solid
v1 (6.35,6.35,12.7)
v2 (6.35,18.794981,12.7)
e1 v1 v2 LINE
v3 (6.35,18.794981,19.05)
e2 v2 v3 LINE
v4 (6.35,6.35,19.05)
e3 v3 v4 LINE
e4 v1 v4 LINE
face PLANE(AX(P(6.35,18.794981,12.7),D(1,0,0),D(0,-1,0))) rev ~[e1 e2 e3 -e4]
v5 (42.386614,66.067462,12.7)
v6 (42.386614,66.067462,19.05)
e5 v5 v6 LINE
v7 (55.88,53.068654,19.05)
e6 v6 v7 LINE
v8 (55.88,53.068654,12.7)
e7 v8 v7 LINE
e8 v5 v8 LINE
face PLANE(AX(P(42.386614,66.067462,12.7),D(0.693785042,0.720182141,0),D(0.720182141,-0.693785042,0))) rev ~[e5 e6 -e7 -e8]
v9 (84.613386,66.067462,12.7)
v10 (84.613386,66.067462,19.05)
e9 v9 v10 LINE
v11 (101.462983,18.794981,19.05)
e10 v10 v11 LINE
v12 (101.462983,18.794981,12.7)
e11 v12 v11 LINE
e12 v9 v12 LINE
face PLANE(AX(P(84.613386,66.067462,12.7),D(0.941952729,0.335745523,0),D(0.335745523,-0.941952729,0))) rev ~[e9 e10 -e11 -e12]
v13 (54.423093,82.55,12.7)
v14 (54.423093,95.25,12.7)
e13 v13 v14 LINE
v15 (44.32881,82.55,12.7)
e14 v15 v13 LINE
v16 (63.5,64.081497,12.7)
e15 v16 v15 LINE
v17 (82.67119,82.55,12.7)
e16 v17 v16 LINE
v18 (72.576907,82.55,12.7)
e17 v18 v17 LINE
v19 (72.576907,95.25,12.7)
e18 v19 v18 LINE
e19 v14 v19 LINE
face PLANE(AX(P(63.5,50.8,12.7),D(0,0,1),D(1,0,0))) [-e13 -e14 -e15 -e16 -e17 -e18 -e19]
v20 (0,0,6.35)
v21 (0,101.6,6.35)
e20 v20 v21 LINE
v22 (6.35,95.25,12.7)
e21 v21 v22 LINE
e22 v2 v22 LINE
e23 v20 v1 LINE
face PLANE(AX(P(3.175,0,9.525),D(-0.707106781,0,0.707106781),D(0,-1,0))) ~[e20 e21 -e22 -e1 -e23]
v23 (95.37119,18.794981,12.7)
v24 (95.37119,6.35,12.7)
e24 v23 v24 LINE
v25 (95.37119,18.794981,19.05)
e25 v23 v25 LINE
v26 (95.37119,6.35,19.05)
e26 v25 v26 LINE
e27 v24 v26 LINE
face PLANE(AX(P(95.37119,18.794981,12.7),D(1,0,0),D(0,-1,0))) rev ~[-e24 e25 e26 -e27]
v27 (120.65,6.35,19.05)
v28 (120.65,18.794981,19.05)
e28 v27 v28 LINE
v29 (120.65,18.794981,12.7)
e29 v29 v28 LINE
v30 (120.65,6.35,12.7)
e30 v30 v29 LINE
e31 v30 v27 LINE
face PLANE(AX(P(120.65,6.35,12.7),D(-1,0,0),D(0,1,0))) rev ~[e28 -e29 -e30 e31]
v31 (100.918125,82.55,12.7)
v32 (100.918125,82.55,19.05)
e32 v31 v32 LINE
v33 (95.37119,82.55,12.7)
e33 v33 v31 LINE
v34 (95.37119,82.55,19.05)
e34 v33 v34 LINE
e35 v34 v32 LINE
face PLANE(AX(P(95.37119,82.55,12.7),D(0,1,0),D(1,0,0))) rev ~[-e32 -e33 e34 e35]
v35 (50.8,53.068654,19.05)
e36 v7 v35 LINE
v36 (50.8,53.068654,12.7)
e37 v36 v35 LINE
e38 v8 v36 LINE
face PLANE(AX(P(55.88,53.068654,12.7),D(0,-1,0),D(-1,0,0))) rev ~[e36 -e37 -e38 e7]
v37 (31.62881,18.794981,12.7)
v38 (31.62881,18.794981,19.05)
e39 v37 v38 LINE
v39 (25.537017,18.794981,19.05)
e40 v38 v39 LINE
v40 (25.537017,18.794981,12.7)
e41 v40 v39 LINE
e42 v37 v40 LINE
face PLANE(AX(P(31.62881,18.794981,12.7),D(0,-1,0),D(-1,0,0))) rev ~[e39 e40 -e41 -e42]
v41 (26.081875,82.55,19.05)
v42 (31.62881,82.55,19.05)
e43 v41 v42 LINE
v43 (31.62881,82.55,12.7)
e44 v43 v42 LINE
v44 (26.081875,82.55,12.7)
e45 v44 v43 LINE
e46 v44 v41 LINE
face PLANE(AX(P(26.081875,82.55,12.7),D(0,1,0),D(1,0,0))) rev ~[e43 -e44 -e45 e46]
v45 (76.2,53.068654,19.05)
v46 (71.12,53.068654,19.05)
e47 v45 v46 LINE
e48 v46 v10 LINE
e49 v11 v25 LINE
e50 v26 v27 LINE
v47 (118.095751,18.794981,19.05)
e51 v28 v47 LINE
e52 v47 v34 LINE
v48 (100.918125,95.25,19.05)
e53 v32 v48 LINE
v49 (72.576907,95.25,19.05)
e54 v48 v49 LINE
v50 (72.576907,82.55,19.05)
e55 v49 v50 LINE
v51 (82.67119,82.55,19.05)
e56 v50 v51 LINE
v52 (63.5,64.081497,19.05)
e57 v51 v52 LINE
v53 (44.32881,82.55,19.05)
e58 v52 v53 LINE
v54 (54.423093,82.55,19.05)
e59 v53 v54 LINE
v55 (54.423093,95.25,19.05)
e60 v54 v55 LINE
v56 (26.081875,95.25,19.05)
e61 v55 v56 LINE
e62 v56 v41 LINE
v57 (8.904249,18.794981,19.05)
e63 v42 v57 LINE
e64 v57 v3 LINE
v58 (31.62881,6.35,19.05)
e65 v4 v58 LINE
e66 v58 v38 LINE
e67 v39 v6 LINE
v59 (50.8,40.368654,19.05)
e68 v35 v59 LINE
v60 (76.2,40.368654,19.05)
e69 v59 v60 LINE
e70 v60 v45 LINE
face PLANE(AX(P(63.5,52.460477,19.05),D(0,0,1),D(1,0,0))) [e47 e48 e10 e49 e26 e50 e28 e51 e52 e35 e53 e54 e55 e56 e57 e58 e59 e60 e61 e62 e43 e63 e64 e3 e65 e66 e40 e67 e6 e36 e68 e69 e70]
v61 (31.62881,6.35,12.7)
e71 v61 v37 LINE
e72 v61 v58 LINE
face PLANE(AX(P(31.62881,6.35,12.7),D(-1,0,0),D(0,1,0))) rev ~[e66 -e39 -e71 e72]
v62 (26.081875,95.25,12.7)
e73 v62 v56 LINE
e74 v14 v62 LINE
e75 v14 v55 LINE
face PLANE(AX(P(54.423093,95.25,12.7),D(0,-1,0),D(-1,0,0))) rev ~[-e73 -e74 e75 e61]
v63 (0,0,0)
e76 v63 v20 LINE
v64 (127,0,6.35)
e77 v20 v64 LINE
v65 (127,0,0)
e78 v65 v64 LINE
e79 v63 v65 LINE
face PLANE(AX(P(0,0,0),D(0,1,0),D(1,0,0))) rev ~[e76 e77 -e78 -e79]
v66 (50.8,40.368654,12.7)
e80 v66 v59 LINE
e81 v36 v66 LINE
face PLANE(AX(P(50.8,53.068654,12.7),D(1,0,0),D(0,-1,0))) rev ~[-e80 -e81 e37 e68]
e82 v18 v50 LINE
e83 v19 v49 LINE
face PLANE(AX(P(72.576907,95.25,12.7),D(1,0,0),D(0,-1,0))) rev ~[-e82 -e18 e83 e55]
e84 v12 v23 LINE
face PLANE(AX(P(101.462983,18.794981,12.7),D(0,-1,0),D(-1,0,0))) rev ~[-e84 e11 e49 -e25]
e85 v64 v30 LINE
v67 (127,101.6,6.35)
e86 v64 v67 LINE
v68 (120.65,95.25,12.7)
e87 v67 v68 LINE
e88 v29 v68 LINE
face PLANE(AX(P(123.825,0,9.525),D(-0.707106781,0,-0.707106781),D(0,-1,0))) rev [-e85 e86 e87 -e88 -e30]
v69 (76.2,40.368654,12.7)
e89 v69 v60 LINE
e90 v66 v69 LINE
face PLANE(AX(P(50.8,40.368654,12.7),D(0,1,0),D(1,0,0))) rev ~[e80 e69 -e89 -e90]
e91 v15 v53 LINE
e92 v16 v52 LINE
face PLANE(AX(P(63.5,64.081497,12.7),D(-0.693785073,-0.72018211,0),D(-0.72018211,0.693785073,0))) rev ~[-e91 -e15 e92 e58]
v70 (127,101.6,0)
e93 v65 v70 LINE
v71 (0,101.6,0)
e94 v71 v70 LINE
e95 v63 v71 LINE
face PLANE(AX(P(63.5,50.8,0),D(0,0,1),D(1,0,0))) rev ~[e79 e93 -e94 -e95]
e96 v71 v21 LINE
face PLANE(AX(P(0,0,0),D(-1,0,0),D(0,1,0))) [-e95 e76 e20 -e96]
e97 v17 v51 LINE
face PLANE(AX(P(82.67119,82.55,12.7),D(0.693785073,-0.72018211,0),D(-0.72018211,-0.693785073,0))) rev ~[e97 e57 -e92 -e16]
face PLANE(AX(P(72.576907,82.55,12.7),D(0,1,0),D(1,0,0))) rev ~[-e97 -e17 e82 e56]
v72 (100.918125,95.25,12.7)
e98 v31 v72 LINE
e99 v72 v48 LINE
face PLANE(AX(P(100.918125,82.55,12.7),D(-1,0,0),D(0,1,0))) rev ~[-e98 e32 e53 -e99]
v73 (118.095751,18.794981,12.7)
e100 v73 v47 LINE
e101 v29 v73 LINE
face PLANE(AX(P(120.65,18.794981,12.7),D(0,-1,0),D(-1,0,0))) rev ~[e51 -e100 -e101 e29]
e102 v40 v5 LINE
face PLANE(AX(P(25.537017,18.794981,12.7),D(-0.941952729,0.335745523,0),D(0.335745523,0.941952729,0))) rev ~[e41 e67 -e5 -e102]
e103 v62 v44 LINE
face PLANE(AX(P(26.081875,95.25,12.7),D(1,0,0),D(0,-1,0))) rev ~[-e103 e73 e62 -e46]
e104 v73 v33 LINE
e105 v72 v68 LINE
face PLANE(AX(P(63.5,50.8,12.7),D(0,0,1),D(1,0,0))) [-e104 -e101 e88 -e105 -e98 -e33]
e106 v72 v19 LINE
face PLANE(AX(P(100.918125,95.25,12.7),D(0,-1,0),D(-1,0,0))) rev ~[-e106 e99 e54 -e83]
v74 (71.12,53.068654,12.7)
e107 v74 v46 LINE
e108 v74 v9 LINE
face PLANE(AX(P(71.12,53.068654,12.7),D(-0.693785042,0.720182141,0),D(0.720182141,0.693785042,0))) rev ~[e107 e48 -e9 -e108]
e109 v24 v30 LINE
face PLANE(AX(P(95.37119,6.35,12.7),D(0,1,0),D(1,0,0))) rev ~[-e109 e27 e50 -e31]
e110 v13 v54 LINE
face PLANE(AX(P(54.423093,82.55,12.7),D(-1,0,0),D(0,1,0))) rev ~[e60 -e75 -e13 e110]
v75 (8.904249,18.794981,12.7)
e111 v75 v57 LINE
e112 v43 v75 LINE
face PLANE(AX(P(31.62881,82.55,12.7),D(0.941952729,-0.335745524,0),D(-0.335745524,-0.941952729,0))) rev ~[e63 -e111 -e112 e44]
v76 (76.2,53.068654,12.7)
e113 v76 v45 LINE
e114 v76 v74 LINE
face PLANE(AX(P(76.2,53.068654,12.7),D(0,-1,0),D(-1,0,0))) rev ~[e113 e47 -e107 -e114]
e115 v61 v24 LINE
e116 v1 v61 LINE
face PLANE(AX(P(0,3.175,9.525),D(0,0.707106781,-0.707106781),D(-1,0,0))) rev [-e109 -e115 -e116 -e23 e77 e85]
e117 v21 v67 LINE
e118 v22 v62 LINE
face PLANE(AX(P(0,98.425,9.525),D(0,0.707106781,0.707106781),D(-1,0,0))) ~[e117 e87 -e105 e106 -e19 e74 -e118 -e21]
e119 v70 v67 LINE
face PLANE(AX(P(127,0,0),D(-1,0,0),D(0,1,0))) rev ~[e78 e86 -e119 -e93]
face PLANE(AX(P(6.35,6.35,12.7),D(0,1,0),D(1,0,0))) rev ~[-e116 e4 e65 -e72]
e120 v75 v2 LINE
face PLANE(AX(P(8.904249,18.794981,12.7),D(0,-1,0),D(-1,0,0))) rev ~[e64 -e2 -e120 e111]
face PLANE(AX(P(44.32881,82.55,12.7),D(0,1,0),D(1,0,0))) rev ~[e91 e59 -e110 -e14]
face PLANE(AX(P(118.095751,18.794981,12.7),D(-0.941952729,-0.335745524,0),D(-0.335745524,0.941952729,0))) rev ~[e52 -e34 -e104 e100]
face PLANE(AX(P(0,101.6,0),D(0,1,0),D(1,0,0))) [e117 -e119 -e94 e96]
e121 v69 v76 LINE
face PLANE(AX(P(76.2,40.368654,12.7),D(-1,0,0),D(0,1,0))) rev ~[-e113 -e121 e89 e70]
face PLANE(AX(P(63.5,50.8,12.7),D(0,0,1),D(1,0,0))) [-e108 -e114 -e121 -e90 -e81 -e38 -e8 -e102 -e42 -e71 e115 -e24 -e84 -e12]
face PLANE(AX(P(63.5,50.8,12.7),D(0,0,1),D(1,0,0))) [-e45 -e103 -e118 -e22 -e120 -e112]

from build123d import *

# Parameters (mm, degrees)
F0_W     = 127
F0_H     = 101.6
F1_DEPTH = 12.7
F2_SIZE  = 6.35
F4_DEPTH = 6.35


with BuildPart() as f1:
    # F0 (on Top) → F1 (new body)
    with BuildSketch(Plane.XY):
        with Locations((63.5, 50.8)):
            Rectangle(F0_W, F0_H)
    extrude(amount=F1_DEPTH)

    # F2
    f2_edges = [f1.edges().sort_by_distance(p)[0] for p in [
        (0, 50.8, 12.7),
        (63.5, 101.6, 12.7),
        (127, 50.8, 12.7),
        (63.5, 0, 12.7),
    ]]
    chamfer(f2_edges, length=F2_SIZE)

    # F3 (on face) → F4 (join)
    with BuildSketch(Plane.XY.offset(12.7)):
        Polygon((82.67119, 82.55), (63.5, 64.081497), (44.32881, 82.55), (54.423093, 82.55), (54.423093, 95.25), (26.081875, 95.25), (26.081875, 82.55), (31.62881, 82.55), (8.904249, 18.794981), (6.35, 18.794981), (6.35, 6.35), (31.62881, 6.35), (31.62881, 18.794981), (25.537017, 18.794981), (42.386614, 66.067462), (55.88, 53.068654), (50.8, 53.068654), (50.8, 40.368654), (76.2, 40.368654), (76.2, 53.068654), (71.12, 53.068654), (84.613386, 66.067462), (101.462983, 18.794981), (95.37119, 18.794981), (95.37119, 6.35), (120.65, 6.35), (120.65, 18.794981), (118.095751, 18.794981), (95.37119, 82.55), (100.918125, 82.55), (100.918125, 95.25), (72.576907, 95.25), (72.576907, 82.55), align=None)
    extrude(amount=F4_DEPTH)


solid = f1.part
